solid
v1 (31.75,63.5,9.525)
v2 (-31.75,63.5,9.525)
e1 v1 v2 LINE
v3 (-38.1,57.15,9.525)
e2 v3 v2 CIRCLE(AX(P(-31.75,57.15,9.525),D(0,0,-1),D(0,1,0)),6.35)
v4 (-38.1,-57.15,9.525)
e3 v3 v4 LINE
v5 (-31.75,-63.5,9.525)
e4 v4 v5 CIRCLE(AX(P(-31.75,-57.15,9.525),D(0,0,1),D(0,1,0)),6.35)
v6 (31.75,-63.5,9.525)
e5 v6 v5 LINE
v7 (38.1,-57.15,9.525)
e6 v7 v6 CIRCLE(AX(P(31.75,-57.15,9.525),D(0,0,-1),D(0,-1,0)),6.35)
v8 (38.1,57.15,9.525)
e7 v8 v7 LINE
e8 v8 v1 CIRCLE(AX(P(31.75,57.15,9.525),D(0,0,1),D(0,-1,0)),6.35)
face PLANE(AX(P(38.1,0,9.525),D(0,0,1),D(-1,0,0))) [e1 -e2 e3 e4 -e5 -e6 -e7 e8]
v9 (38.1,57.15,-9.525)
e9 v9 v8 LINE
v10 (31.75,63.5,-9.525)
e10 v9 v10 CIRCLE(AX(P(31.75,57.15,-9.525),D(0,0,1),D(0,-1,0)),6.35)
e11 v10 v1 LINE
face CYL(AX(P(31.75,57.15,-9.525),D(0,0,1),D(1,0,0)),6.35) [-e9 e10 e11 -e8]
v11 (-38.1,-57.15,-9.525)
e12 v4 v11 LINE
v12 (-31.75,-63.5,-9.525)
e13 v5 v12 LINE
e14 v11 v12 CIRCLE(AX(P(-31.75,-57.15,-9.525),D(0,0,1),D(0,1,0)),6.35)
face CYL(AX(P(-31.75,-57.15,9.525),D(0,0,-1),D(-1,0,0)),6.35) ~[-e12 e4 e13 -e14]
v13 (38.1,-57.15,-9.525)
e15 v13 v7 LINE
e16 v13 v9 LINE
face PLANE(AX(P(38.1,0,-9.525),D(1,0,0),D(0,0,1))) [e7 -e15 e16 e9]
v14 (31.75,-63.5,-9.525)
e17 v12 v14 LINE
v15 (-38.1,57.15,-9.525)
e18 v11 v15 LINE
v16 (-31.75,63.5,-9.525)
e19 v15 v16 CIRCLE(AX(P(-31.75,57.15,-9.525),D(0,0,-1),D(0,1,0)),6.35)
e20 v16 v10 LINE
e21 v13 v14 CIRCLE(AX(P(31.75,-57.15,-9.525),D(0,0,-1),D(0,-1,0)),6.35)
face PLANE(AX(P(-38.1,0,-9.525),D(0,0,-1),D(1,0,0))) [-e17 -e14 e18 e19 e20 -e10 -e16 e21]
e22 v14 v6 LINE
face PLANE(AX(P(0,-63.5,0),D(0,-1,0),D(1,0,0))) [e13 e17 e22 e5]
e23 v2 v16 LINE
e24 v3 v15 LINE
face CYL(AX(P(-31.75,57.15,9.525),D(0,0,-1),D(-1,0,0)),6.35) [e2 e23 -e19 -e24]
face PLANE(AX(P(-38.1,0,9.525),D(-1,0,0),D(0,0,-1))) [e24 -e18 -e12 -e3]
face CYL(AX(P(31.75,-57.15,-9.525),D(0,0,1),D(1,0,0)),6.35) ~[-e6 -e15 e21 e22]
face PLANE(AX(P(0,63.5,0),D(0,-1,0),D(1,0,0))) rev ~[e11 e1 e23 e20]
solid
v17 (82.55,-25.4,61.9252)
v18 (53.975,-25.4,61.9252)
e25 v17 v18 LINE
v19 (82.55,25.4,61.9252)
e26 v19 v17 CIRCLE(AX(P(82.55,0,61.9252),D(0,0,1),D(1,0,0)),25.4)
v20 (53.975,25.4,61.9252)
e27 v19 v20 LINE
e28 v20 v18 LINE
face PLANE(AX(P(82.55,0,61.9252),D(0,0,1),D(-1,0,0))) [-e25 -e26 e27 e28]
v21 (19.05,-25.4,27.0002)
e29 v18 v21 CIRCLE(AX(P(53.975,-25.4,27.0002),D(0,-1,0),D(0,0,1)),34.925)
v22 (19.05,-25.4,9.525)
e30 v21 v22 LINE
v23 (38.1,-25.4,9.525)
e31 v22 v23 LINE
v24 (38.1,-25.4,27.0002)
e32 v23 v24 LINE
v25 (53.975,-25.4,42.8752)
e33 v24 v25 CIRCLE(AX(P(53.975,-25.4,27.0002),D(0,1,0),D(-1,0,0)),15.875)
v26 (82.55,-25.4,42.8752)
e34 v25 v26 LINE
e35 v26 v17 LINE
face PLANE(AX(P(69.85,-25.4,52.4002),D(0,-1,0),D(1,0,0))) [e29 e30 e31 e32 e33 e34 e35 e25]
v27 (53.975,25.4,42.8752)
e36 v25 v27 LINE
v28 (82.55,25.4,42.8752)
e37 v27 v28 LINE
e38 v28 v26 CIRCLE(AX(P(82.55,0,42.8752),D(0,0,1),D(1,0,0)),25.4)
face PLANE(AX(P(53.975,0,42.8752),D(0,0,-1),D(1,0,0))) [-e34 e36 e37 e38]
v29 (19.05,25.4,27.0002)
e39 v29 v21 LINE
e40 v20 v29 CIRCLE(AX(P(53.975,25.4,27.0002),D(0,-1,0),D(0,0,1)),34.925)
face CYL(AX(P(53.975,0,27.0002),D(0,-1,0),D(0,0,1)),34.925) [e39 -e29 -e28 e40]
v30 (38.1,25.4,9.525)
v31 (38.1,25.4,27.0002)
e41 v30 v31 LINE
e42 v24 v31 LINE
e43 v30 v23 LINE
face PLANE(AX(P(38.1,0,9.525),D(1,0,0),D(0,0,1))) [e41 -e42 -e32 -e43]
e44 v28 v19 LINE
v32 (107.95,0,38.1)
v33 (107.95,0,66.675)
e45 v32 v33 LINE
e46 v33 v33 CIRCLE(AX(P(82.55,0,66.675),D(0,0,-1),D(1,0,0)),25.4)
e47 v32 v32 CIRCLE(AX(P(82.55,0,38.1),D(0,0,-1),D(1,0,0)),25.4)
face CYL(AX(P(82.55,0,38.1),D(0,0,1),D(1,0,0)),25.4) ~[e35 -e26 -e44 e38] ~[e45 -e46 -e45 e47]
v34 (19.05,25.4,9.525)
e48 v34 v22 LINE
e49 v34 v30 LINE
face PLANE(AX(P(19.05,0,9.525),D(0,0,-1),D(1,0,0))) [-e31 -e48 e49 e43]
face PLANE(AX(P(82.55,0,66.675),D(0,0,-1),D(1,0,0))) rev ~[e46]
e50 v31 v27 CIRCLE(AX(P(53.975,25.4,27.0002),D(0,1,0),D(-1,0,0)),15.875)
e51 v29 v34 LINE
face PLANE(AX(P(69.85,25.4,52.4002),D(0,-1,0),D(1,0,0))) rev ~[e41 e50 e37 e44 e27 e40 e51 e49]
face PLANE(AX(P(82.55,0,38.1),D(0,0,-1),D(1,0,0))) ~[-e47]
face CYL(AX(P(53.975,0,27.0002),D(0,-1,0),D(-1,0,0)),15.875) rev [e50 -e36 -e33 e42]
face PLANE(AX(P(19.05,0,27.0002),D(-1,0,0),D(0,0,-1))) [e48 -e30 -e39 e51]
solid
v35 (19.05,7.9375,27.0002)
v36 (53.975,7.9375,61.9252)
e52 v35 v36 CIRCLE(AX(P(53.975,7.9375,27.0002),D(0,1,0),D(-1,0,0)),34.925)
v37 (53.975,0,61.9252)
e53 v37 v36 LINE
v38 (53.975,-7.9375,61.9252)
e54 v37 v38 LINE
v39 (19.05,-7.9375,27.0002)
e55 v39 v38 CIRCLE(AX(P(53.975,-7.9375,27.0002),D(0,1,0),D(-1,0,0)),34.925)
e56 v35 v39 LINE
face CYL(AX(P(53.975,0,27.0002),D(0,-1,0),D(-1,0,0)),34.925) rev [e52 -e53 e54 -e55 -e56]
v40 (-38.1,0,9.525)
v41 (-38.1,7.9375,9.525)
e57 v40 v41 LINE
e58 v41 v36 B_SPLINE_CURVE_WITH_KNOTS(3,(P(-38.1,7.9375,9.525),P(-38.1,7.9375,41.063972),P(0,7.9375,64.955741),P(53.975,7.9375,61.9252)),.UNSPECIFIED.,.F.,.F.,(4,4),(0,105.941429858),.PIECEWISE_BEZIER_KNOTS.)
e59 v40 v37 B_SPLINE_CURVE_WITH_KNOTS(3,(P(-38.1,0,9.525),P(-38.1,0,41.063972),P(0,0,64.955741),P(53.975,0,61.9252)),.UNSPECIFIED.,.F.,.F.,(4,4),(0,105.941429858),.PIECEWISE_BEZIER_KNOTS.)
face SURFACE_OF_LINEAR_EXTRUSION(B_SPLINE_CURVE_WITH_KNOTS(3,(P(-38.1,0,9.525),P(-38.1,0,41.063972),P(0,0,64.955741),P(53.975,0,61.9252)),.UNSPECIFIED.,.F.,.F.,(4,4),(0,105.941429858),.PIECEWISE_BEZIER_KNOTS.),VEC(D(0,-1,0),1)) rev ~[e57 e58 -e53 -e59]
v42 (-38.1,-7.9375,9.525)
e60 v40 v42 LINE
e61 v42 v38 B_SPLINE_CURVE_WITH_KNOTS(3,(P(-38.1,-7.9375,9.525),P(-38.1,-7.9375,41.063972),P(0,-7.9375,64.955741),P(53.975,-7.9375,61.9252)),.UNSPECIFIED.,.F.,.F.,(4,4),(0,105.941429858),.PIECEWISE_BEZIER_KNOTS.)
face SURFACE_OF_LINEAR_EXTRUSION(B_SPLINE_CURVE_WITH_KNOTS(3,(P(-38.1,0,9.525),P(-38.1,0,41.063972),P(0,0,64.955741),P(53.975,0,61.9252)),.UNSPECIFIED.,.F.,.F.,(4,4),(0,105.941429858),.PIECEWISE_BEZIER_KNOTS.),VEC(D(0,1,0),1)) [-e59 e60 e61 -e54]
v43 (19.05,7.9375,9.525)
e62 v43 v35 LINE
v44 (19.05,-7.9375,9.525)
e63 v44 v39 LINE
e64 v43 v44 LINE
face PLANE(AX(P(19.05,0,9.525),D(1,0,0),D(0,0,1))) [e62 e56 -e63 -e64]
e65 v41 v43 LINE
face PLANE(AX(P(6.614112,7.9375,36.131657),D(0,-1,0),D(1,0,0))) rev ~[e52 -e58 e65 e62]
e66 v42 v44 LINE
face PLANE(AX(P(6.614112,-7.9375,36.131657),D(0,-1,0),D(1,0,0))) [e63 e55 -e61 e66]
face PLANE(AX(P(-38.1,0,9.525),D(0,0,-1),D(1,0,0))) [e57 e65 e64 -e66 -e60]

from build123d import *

# Parameters (mm, degrees)
F1_DEPTH = 63.5
F2_DEPTH = 7.9375
F0_W     = 25.4
F0_H     = 19.0499997646
F3_DEPTH = 25.4
F5_R     = 6.35


with BuildPart() as f1:
    # F0 (on Front) → F1 (new body, symmetric)
    with BuildSketch(Plane.XZ):
        Polygon((38.1, -9.525), (38.1, 9.525), (19.0500002354, 9.525), (-38.1, 9.525), (-38.1, -9.525), align=None)
    extrude(amount=F1_DEPTH, both=True)

    # F5
    f5_edges = [f1.edges().sort_by_distance(p)[0] for p in [
        (38.1, -63.5, 0),
        (-38.1, -63.5, 0),
        (38.1, 63.5, 0),
        (-38.1, 63.5, 0),
    ]]
    fillet(f5_edges, radius=F5_R)


with BuildPart() as f2:
    # F0 (on Front) → F2 (new body, symmetric)
    with BuildSketch(Plane.XZ):
        with BuildLine():
            Line((-38.1, 9.525), (19.0500002354, 9.525))
            Line((19.0500002354, 9.525), (19.0500002354, 27.0002))
            ThreePointArc((19.0500002354, 27.0002), (29.2792958335, 51.6959041665), (53.975, 61.9251997646))
            add(Edge.make_bspline(
                [(-38.1, 9.525), (-38.1, 41.0639718175), (0, 64.9557411671), (53.975, 61.9251997646)],
                knots=[0, 0, 0, 0, 105.941429858, 105.941429858, 105.941429858, 105.941429858], degree=3))
        make_face()
    extrude(amount=F2_DEPTH, both=True)


with BuildPart() as f3:
    # F0 (on Front) → F3 (new body, symmetric)
    with BuildSketch(Plane.XZ):
        with Locations((69.85, 52.4001998823)):
            Rectangle(F0_W, F0_H)
        with BuildLine():
            Line((19.0500002354, 9.525), (38.1, 9.525))
            Line((38.1, 9.525), (38.1, 27.0002))
            ThreePointArc((38.1, 27.0002), (42.7496798487, 38.2255201513), (53.975, 42.8752))
            Line((53.975, 42.8752), (57.15, 42.8752))
            Line((57.15, 42.8752), (57.15, 61.9251997646))
            Line((57.15, 61.9251997646), (53.975, 61.9251997646))
            ThreePointArc((53.975, 61.9251997646), (29.2792958335, 51.6959041665), (19.0500002354, 27.0002))
            Line((19.0500002354, 27.0002), (19.0500002354, 9.525))
        make_face()
    extrude(amount=F3_DEPTH, both=True)

    # F0 (on Front) → F4 (revolve)
    with BuildSketch(Plane.XZ):
        Polygon((82.55, 61.9251997646), (82.55, 42.8752), (82.55, 38.1), (107.95, 38.1), (107.95, 66.675), (82.55, 66.675), align=None)
    revolve(axis=Axis((82.55, 0, 52.3875), (0, 0, -1)))


solid = Compound([f1.part, f2.part, f3.part])
